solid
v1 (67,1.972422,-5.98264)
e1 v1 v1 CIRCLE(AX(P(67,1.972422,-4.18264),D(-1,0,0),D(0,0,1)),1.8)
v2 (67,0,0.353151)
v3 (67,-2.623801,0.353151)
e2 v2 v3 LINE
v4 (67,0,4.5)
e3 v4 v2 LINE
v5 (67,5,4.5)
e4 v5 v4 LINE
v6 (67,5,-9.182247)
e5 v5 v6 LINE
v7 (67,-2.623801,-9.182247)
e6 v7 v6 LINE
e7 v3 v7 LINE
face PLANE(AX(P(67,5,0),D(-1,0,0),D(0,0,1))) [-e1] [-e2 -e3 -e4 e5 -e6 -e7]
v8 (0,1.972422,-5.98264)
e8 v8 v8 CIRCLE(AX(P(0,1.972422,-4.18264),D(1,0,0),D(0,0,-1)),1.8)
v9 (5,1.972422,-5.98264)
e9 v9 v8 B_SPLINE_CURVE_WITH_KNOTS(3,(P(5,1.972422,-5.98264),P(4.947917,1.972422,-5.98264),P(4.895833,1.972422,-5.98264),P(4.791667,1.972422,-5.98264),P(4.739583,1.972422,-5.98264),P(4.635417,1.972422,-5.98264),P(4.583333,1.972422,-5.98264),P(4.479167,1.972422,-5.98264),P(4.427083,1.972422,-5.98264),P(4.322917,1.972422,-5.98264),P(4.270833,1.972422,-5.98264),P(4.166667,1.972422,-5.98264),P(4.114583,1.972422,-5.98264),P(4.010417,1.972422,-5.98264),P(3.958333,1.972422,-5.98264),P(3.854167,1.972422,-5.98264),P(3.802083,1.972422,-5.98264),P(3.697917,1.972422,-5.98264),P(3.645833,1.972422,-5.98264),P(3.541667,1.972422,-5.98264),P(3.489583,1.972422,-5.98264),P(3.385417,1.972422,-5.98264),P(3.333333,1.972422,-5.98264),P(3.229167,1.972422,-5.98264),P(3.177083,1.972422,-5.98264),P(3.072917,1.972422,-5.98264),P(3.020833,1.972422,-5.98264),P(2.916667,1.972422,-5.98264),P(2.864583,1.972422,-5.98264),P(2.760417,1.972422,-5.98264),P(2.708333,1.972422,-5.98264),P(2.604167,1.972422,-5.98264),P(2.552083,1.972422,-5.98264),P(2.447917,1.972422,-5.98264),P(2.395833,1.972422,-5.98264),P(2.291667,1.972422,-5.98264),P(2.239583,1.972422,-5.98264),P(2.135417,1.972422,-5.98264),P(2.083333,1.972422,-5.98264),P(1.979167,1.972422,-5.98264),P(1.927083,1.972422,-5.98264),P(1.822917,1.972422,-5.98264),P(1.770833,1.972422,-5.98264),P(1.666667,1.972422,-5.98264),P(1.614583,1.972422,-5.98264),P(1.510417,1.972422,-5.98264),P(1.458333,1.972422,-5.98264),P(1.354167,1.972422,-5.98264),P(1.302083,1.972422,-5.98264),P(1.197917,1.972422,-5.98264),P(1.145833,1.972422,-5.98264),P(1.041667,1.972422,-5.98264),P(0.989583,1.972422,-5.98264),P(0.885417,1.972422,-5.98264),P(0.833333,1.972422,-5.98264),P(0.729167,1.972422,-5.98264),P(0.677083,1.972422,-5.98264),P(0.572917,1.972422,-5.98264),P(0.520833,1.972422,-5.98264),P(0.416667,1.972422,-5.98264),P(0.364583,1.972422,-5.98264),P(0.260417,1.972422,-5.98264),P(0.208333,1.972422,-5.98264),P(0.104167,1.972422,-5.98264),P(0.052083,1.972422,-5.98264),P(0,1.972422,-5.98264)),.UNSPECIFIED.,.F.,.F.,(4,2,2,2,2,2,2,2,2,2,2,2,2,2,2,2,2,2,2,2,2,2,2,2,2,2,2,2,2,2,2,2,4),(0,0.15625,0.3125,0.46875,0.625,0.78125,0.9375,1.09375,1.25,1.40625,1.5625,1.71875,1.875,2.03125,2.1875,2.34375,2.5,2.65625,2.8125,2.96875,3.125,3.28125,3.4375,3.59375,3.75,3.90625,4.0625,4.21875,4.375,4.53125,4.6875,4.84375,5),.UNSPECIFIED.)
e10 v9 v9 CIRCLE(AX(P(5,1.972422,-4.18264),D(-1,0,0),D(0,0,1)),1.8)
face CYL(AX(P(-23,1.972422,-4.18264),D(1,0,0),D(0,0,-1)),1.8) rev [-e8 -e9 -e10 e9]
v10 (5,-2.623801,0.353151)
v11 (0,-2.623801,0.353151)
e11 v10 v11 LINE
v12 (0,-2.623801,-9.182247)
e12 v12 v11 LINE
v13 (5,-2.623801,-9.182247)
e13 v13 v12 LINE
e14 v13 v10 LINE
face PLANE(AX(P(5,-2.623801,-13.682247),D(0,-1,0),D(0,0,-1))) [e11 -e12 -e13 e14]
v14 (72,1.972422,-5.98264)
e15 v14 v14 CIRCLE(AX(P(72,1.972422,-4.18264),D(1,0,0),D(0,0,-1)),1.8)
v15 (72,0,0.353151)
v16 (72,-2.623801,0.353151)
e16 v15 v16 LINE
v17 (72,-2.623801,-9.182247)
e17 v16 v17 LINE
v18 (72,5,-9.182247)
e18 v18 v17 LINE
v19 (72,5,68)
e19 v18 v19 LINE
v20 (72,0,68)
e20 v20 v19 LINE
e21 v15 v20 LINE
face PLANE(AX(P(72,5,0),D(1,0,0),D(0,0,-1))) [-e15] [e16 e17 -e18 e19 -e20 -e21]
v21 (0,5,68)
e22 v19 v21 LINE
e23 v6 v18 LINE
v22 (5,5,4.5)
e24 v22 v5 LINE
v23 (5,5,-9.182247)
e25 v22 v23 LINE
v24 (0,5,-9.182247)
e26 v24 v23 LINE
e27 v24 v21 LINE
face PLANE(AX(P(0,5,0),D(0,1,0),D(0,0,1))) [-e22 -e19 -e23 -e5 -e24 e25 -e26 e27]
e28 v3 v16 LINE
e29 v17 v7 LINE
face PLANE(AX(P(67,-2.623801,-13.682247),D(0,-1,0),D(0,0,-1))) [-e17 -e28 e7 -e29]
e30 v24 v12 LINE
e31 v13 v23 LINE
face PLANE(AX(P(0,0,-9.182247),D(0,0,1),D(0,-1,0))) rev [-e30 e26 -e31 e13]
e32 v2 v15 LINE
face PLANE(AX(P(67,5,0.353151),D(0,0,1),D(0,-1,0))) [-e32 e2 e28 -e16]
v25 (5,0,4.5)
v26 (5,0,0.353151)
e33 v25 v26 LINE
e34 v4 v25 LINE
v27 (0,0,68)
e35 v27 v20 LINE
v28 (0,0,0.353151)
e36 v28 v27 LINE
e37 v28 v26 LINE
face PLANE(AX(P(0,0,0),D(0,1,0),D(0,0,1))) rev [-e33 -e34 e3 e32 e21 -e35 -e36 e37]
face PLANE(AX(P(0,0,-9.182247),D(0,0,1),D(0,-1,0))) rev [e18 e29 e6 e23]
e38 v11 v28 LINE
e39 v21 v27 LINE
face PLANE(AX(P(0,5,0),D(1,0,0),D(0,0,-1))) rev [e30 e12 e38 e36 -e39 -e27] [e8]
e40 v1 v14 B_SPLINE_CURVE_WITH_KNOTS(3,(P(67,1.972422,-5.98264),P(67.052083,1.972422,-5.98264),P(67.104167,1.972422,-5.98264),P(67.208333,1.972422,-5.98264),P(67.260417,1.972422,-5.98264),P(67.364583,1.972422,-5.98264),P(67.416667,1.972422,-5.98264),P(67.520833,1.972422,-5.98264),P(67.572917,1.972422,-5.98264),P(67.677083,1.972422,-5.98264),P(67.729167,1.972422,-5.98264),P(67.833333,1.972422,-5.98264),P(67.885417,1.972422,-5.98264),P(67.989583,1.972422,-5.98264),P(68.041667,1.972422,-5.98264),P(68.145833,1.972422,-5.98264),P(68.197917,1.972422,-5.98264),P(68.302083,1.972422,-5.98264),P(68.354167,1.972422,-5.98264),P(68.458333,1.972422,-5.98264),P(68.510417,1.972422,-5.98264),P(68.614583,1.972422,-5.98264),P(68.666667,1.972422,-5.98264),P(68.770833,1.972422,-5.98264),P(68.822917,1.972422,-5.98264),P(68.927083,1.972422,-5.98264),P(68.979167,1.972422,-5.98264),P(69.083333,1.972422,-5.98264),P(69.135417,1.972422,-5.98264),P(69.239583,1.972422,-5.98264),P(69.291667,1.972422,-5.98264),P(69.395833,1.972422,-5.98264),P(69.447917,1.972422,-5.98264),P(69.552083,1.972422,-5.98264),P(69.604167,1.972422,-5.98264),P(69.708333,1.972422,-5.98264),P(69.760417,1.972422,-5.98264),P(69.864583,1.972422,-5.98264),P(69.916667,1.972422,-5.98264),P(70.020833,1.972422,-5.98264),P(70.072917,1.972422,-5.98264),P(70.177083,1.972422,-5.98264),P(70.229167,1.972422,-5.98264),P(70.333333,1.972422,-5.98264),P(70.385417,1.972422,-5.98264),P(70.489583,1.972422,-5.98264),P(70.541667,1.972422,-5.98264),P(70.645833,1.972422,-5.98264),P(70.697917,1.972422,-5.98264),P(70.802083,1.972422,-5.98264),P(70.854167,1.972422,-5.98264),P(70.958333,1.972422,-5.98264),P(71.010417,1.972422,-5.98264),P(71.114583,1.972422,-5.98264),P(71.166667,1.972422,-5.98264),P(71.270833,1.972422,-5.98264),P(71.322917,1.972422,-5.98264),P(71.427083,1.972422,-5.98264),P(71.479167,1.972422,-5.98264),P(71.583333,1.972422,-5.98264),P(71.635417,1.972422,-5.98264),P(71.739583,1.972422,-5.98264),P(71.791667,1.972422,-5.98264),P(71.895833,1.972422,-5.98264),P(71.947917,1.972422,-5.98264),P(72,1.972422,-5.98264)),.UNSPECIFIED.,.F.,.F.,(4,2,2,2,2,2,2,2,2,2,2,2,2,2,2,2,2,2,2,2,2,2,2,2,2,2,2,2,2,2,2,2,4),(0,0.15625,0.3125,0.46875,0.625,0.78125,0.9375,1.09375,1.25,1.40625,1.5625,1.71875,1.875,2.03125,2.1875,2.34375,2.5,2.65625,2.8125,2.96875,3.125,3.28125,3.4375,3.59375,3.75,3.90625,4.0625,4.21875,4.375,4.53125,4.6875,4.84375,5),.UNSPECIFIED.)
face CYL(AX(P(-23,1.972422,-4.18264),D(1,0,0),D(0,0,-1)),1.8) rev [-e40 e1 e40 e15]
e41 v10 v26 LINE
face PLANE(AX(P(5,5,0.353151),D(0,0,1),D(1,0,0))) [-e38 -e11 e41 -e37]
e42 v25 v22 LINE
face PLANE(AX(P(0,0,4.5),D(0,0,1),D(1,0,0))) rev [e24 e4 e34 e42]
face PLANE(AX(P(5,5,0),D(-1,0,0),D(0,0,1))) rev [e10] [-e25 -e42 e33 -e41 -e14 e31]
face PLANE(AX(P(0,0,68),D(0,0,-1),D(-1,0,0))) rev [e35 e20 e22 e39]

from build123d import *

# Parameters (mm, degrees)
SKETCH1_W           = 72
SKETCH1_H           = 47
SKETCH1_W_2         = 5
SKETCH1_H_2         = 13.68224698
SKETCH1_H_3         = 13
BOSS_EXTRUDE1_DEPTH = 5
SKETCH3_W           = 14.035397612
SKETCH3_H           = 7.623801165
BOSS_EXTRUDE3_DEPTH = 5
SKETCH5_W           = 14.035397612
SKETCH5_H           = 7.623801165
BOSS_EXTRUDE4_DEPTH = 5
SKETCH4_R           = 1.799999998
CUT_EXTRUDE1_DEPTH  = 95
SKETCH6_W           = 72
SKETCH6_H           = 5
BOSS_EXTRUDE5_DEPTH = 21
SKETCH8_W           = 114.485355007
SKETCH8_H           = 45.141194617
CUT_EXTRUDE2_DEPTH  = 4.5
SKETCH9_W           = 62
SKETCH9_H           = 5
CUT_EXTRUDE3_DEPTH  = 4.5


with BuildPart() as part:
    # Sketch1 → Boss-Extrude1 (new body)
    with BuildSketch(Plane(origin=(0, 0, 0), x_dir=(1, 0, 0), z_dir=(0, 1, 0))):
        with Locations((36, -23.5)):
            Rectangle(SKETCH1_W, SKETCH1_H)
        with Locations((69.5, 6.84112349)):
            Rectangle(SKETCH1_W_2, SKETCH1_H_2)
        with Locations((2.5, 6.5)):
            Rectangle(SKETCH1_W_2, SKETCH1_H_3)
    extrude(amount=BOSS_EXTRUDE1_DEPTH)

    # Sketch3 → Boss-Extrude3 (add)
    with BuildSketch(Plane(origin=(72, 0, 0), x_dir=(0, 0, -1), z_dir=(1, 0, 0))):
        with Locations((6.664548174, 1.188099417)):
            Rectangle(SKETCH3_W, SKETCH3_H)
    extrude(amount=-BOSS_EXTRUDE3_DEPTH)

    # Sketch5 → Boss-Extrude4 (add)
    with BuildSketch(Plane.ZY):
        with Locations((-6.664548174, 1.188099417)):
            Rectangle(SKETCH5_W, SKETCH5_H)
    extrude(amount=-BOSS_EXTRUDE4_DEPTH)

    # Sketch4 → Cut-Extrude1 (cut)
    with BuildSketch(Plane(origin=(72, 0, 0), x_dir=(0, 0, -1), z_dir=(1, 0, 0))):
        with Locations((4.182640247, 1.972422216)):
            Circle(SKETCH4_R)
    extrude(amount=-CUT_EXTRUDE1_DEPTH, mode=Mode.SUBTRACT)

    # Sketch6 → Boss-Extrude5 (add)
    with BuildSketch(Plane.XY.offset(47)):
        with Locations((36, 2.5)):
            Rectangle(SKETCH6_W, SKETCH6_H)
    extrude(amount=BOSS_EXTRUDE5_DEPTH)

    # Sketch8 → Cut-Extrude2 (cut)
    with BuildSketch(Plane(origin=(0, 0, -13.68224698), x_dir=(-1, 0, 0), z_dir=(0, 0, -1))):
        with Locations((-40.6465034, -1.597733879)):
            Rectangle(SKETCH8_W, SKETCH8_H)
    extrude(amount=-CUT_EXTRUDE2_DEPTH, mode=Mode.SUBTRACT)

    # Sketch9 → Cut-Extrude3 (cut)
    with BuildSketch(Plane(origin=(0, 0, 0), x_dir=(-1, 0, 0), z_dir=(0, 0, -1))):
        with Locations((-36, 2.5)):
            Rectangle(SKETCH9_W, SKETCH9_H)
    extrude(amount=-CUT_EXTRUDE3_DEPTH, mode=Mode.SUBTRACT)


solid = part.part
